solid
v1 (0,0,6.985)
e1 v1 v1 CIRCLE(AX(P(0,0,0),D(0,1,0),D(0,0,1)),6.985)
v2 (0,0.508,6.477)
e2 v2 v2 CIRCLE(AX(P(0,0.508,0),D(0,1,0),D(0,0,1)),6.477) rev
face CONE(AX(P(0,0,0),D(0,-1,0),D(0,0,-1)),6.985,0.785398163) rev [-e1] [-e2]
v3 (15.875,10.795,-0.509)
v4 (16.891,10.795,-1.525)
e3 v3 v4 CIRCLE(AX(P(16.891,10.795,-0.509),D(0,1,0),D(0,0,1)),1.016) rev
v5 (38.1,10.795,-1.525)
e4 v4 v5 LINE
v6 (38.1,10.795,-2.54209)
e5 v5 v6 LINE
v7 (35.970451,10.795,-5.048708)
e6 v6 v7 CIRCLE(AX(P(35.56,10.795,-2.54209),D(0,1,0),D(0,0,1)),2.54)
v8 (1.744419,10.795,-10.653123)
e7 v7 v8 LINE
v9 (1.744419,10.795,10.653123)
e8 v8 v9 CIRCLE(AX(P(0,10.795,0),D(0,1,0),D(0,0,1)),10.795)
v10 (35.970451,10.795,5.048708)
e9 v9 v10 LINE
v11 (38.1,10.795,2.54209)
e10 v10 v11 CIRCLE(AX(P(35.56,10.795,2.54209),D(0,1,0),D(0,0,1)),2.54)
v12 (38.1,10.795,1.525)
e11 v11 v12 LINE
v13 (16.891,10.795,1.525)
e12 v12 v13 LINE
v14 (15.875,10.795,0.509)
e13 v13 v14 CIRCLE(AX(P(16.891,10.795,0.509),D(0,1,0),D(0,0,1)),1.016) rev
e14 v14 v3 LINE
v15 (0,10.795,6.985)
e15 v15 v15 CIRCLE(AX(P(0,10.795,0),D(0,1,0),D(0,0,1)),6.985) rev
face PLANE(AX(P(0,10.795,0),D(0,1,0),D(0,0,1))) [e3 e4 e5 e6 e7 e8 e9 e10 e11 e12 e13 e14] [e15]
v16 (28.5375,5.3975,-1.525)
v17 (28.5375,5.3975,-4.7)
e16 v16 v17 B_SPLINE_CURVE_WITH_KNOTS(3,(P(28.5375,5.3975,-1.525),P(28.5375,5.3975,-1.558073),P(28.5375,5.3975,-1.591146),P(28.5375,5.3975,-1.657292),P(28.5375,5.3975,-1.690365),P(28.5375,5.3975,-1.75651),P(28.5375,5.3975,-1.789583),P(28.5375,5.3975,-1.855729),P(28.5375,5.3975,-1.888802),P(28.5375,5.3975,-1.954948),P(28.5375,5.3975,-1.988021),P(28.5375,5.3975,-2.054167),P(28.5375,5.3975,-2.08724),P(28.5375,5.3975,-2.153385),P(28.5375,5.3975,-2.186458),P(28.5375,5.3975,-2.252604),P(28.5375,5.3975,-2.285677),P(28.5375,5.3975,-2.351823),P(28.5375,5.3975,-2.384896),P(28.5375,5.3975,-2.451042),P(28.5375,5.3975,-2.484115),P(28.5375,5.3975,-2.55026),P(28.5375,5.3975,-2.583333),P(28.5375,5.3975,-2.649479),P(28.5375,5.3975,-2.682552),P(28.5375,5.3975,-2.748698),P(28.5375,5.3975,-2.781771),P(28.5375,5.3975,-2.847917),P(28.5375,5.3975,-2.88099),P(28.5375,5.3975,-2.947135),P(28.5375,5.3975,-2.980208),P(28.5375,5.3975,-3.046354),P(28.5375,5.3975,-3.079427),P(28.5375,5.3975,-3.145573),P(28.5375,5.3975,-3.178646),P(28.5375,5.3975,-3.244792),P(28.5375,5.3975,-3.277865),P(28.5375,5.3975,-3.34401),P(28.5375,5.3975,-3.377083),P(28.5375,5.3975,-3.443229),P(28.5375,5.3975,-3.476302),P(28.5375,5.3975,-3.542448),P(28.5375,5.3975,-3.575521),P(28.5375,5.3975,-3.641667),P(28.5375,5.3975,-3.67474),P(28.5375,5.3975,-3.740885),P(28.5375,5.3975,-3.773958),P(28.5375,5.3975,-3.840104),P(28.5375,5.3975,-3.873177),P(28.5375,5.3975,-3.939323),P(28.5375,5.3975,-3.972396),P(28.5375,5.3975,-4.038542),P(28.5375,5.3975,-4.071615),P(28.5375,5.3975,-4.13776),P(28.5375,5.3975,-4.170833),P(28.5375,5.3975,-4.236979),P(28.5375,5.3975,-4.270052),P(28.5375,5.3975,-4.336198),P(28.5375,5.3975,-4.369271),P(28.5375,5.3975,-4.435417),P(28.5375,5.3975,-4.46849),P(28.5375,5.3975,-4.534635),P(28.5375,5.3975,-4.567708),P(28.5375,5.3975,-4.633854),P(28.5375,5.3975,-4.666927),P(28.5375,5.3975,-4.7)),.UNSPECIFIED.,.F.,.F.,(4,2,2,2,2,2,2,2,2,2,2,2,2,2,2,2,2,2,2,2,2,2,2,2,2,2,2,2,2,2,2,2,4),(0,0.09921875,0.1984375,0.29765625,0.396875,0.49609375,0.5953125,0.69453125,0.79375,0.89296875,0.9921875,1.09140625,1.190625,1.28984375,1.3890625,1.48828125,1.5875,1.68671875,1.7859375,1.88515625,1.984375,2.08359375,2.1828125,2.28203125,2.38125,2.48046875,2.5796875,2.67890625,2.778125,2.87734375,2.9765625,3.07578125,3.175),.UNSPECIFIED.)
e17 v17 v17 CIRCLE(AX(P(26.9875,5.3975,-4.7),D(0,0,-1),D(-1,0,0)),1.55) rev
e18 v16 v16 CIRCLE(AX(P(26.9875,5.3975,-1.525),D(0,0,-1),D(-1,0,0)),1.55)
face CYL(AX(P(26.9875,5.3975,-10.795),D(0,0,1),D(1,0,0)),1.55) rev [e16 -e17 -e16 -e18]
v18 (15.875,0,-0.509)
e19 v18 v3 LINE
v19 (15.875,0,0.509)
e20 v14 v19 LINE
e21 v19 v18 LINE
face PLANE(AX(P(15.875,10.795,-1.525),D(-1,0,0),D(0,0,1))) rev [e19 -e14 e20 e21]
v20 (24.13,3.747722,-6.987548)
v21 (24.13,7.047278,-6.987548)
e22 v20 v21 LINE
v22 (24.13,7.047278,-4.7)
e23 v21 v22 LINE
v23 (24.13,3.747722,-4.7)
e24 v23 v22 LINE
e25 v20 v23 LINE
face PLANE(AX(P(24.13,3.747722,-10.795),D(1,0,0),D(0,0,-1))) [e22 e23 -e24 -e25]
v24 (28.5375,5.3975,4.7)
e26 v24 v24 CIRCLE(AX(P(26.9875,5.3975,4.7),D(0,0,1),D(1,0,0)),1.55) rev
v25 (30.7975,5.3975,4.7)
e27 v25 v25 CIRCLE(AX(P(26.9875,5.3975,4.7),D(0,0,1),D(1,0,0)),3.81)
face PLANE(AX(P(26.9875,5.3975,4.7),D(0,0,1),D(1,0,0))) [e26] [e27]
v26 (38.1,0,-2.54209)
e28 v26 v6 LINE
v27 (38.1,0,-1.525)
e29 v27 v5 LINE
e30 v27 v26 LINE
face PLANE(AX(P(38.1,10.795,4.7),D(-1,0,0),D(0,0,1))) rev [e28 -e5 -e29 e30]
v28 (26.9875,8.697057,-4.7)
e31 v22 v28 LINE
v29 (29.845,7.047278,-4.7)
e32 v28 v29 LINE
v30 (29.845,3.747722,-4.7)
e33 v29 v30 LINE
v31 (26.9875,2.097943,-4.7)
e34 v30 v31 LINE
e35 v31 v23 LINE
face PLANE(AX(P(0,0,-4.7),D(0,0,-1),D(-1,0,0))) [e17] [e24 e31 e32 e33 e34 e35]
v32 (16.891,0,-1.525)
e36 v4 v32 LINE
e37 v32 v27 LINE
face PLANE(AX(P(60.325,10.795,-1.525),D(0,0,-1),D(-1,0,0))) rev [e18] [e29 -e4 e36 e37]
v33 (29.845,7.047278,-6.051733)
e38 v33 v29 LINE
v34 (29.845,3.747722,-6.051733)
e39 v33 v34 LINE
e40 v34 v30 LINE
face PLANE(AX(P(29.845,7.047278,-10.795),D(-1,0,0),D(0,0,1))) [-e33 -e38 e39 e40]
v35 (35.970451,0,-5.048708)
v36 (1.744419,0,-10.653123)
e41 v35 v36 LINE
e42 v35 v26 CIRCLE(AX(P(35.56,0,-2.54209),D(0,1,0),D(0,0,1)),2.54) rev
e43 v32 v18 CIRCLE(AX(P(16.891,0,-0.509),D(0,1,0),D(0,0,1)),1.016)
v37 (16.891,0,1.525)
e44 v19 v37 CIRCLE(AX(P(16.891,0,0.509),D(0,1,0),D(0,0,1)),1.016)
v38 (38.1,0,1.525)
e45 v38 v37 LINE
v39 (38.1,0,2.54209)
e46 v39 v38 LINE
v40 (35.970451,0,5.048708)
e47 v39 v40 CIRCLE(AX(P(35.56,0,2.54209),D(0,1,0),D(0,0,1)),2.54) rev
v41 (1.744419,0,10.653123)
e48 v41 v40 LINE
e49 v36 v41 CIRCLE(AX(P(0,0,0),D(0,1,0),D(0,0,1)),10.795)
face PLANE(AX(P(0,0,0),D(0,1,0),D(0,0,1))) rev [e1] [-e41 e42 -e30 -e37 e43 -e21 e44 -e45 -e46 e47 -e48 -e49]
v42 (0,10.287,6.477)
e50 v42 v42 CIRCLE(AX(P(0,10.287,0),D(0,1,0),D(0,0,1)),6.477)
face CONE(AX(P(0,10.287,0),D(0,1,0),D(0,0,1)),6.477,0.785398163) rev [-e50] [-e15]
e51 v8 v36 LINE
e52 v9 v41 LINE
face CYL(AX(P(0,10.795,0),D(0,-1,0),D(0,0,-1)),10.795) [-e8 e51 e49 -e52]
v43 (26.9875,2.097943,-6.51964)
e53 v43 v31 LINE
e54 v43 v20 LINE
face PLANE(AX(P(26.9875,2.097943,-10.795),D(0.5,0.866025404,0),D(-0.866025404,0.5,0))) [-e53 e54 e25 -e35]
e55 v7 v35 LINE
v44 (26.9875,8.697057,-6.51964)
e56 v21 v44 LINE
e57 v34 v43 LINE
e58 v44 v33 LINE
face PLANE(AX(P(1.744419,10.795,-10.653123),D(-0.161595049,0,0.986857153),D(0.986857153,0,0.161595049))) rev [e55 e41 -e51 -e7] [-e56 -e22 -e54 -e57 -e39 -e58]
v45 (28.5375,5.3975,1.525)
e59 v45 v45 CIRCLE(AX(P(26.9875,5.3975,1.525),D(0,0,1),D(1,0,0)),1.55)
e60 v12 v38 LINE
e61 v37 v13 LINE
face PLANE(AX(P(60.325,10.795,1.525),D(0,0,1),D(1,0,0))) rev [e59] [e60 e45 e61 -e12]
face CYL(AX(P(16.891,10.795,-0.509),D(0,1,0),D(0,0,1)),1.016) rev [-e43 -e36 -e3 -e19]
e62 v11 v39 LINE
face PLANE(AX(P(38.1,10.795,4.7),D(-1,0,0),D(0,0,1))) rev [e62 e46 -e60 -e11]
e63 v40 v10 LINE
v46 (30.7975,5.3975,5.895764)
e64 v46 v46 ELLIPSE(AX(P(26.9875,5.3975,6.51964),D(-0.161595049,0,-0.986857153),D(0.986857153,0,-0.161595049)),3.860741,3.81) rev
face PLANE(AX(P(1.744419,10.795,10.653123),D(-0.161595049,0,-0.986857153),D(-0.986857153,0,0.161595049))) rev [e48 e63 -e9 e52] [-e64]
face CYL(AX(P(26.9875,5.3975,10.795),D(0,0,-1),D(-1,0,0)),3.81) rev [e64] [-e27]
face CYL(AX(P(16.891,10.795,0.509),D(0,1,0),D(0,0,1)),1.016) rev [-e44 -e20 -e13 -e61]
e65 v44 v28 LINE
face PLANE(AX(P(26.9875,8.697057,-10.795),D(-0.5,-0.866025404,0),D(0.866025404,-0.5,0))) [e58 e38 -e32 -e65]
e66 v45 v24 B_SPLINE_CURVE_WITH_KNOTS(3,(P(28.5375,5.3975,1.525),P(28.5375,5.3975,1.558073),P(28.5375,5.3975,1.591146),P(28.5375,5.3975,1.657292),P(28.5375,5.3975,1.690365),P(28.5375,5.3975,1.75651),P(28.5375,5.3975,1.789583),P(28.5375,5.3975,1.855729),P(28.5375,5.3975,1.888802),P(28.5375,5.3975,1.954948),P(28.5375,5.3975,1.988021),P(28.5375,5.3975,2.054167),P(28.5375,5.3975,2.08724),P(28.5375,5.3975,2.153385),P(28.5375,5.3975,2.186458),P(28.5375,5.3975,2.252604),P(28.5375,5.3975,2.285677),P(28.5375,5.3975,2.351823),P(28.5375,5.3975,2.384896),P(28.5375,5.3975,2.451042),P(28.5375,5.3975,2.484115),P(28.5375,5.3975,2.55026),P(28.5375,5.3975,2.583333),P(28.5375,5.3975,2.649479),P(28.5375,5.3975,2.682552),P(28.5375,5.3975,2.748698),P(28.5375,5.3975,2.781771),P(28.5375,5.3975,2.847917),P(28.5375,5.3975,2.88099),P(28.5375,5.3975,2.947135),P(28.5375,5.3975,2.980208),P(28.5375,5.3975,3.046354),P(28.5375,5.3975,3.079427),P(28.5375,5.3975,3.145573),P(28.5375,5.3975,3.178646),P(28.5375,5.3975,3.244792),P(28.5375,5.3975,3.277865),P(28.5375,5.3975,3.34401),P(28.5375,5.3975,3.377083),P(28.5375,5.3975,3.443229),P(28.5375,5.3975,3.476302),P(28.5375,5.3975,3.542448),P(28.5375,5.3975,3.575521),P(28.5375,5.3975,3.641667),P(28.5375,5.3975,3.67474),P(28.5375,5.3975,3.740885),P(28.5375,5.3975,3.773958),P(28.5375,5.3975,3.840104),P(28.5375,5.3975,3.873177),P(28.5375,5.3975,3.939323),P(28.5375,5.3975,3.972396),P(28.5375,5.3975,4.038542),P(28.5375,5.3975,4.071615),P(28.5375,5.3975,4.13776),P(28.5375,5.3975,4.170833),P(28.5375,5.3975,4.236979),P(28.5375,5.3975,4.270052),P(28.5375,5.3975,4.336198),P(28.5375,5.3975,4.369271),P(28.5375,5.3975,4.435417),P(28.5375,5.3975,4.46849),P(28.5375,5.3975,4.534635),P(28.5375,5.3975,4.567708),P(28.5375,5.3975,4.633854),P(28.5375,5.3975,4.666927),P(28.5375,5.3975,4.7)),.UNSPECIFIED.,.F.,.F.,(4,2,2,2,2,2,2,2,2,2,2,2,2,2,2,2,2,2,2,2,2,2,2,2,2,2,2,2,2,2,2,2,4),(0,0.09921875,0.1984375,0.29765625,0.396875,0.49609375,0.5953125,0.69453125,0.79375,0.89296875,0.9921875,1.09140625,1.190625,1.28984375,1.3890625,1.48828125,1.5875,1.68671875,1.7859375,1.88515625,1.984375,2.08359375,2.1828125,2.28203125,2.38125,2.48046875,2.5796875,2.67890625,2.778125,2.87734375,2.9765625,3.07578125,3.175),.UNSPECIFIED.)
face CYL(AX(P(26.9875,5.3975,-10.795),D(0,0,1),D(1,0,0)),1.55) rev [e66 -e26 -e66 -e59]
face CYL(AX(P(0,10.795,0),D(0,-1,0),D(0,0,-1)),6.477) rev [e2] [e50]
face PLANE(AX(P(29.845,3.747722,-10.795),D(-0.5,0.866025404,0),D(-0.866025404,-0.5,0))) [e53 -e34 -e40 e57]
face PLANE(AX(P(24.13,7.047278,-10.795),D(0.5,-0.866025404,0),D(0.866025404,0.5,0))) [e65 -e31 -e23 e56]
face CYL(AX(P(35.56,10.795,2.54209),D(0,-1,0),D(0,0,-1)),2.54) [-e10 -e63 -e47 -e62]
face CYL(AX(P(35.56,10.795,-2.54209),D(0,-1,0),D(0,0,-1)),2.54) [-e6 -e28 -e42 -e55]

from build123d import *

# Parameters (mm, degrees)
SKETCH1_R               = 6.477
BOSS_EXTRUDE1_DEPTH     = 10.795
CUT_EXTRUDE3_DEPTH      = 64.211808035
CUT_EXTRUDE3_DEPTH_BACK = 64.211808035
SKETCH8_R               = 1.55
SKETCH9_R               = 3.81
CUT_EXTRUDE4_DEPTH      = 64.211808035
CUT_EXTRUDE5_DEPTH      = 64.211808035
FILLET1_R               = 1.016
SKETCH13_W              = 22.225
SKETCH13_H              = 9.4
CUT_EXTRUDE6_DEPTH      = 63.22676012
FILLET7_R               = 2.54
CHAMFER2_SIZE           = 0.508


with BuildPart() as part:
    # Sketch1 → Boss-Extrude1 (new body)
    with BuildSketch(Plane(origin=(0, 0, 0), x_dir=(1, 0, 0), z_dir=(0, 1, 0))):
        with BuildLine():
            Line((1.744418558, 10.653122964), (38.1, 4.7))
            Line((38.1, 4.7), (60.325, 4.7))
            Line((60.325, 4.7), (60.325, 1.525))
            Line((60.325, 1.525), (15.875, 1.525))
            Line((15.875, 1.525), (15.875, -1.525))
            Line((15.875, -1.525), (60.325, -1.525))
            Line((60.325, -1.525), (60.325, -4.7))
            Line((60.325, -4.7), (38.1, -4.7))
            Line((38.1, -4.7), (1.744418558, -10.653122964))
            ThreePointArc((1.744418558, -10.653122964), (-10.795, 0), (1.744418558, 10.653122964))
        make_face()
        with Locations(Location((0, 0, 0), (0, 0, 270))):
            Circle(SKETCH1_R, mode=Mode.SUBTRACT)
    extrude(amount=BOSS_EXTRUDE1_DEPTH)

    # Sketch8 → Cut-Extrude3 (cut, two sides: drawn at the far end of the back side and taken through both)
    with BuildSketch(Plane.XY.offset(4.7).offset(-CUT_EXTRUDE3_DEPTH_BACK)):
        with Locations((26.9875, 5.3975)):
            Circle(SKETCH8_R)
        with Locations((49.2125, 5.3975)):
            Circle(SKETCH8_R)
    extrude(amount=CUT_EXTRUDE3_DEPTH + CUT_EXTRUDE3_DEPTH_BACK, mode=Mode.SUBTRACT)

    # Sketch9 → Cut-Extrude4 (cut, through all)
    with BuildSketch(Plane.XY.offset(4.7)):
        with Locations((26.9875, 5.3975)):
            Circle(SKETCH9_R)
    extrude(amount=CUT_EXTRUDE4_DEPTH, mode=Mode.SUBTRACT)

    # Sketch10 → Cut-Extrude5 (cut, through all)
    with BuildSketch(Plane(origin=(0, 0, -4.7), x_dir=(-1, 0, 0), z_dir=(0, 0, -1))):
        Polygon((-24.13, 3.747721606), (-24.13, 7.047278394), (-26.9875, 8.697056788), (-29.845, 7.047278394), (-29.845, 3.747721606), (-26.9875, 2.097943212), align=None)
    extrude(amount=CUT_EXTRUDE5_DEPTH, mode=Mode.SUBTRACT)

    # Fillet1
    fillet1_edges = [part.edges().sort_by_distance(p)[0] for p in [
        (15.875, 5.3975, -1.525),
        (15.875, 5.3975, 1.525),
    ]]
    fillet(fillet1_edges, radius=FILLET1_R)

    # Sketch13 → Cut-Extrude6 (cut, through all)
    with BuildSketch(Plane.XZ):
        with Locations((49.2125, 0)):
            Rectangle(SKETCH13_W, SKETCH13_H)
    extrude(amount=-CUT_EXTRUDE6_DEPTH, mode=Mode.SUBTRACT)

    # Fillet7
    fillet7_edges = [part.edges().sort_by_distance(p)[0] for p in [
        (38.1, 5.3975, -4.7),
        (38.1, 5.3975, 4.7),
    ]]
    fillet(fillet7_edges, radius=FILLET7_R)

    # Chamfer2
    chamfer2_edges = [part.edges().sort_by_distance(p)[0] for p in [
        (0, 0, -6.477),
        (0, 10.795, -6.477),
    ]]
    chamfer(chamfer2_edges, length=CHAMFER2_SIZE)


solid = part.part
